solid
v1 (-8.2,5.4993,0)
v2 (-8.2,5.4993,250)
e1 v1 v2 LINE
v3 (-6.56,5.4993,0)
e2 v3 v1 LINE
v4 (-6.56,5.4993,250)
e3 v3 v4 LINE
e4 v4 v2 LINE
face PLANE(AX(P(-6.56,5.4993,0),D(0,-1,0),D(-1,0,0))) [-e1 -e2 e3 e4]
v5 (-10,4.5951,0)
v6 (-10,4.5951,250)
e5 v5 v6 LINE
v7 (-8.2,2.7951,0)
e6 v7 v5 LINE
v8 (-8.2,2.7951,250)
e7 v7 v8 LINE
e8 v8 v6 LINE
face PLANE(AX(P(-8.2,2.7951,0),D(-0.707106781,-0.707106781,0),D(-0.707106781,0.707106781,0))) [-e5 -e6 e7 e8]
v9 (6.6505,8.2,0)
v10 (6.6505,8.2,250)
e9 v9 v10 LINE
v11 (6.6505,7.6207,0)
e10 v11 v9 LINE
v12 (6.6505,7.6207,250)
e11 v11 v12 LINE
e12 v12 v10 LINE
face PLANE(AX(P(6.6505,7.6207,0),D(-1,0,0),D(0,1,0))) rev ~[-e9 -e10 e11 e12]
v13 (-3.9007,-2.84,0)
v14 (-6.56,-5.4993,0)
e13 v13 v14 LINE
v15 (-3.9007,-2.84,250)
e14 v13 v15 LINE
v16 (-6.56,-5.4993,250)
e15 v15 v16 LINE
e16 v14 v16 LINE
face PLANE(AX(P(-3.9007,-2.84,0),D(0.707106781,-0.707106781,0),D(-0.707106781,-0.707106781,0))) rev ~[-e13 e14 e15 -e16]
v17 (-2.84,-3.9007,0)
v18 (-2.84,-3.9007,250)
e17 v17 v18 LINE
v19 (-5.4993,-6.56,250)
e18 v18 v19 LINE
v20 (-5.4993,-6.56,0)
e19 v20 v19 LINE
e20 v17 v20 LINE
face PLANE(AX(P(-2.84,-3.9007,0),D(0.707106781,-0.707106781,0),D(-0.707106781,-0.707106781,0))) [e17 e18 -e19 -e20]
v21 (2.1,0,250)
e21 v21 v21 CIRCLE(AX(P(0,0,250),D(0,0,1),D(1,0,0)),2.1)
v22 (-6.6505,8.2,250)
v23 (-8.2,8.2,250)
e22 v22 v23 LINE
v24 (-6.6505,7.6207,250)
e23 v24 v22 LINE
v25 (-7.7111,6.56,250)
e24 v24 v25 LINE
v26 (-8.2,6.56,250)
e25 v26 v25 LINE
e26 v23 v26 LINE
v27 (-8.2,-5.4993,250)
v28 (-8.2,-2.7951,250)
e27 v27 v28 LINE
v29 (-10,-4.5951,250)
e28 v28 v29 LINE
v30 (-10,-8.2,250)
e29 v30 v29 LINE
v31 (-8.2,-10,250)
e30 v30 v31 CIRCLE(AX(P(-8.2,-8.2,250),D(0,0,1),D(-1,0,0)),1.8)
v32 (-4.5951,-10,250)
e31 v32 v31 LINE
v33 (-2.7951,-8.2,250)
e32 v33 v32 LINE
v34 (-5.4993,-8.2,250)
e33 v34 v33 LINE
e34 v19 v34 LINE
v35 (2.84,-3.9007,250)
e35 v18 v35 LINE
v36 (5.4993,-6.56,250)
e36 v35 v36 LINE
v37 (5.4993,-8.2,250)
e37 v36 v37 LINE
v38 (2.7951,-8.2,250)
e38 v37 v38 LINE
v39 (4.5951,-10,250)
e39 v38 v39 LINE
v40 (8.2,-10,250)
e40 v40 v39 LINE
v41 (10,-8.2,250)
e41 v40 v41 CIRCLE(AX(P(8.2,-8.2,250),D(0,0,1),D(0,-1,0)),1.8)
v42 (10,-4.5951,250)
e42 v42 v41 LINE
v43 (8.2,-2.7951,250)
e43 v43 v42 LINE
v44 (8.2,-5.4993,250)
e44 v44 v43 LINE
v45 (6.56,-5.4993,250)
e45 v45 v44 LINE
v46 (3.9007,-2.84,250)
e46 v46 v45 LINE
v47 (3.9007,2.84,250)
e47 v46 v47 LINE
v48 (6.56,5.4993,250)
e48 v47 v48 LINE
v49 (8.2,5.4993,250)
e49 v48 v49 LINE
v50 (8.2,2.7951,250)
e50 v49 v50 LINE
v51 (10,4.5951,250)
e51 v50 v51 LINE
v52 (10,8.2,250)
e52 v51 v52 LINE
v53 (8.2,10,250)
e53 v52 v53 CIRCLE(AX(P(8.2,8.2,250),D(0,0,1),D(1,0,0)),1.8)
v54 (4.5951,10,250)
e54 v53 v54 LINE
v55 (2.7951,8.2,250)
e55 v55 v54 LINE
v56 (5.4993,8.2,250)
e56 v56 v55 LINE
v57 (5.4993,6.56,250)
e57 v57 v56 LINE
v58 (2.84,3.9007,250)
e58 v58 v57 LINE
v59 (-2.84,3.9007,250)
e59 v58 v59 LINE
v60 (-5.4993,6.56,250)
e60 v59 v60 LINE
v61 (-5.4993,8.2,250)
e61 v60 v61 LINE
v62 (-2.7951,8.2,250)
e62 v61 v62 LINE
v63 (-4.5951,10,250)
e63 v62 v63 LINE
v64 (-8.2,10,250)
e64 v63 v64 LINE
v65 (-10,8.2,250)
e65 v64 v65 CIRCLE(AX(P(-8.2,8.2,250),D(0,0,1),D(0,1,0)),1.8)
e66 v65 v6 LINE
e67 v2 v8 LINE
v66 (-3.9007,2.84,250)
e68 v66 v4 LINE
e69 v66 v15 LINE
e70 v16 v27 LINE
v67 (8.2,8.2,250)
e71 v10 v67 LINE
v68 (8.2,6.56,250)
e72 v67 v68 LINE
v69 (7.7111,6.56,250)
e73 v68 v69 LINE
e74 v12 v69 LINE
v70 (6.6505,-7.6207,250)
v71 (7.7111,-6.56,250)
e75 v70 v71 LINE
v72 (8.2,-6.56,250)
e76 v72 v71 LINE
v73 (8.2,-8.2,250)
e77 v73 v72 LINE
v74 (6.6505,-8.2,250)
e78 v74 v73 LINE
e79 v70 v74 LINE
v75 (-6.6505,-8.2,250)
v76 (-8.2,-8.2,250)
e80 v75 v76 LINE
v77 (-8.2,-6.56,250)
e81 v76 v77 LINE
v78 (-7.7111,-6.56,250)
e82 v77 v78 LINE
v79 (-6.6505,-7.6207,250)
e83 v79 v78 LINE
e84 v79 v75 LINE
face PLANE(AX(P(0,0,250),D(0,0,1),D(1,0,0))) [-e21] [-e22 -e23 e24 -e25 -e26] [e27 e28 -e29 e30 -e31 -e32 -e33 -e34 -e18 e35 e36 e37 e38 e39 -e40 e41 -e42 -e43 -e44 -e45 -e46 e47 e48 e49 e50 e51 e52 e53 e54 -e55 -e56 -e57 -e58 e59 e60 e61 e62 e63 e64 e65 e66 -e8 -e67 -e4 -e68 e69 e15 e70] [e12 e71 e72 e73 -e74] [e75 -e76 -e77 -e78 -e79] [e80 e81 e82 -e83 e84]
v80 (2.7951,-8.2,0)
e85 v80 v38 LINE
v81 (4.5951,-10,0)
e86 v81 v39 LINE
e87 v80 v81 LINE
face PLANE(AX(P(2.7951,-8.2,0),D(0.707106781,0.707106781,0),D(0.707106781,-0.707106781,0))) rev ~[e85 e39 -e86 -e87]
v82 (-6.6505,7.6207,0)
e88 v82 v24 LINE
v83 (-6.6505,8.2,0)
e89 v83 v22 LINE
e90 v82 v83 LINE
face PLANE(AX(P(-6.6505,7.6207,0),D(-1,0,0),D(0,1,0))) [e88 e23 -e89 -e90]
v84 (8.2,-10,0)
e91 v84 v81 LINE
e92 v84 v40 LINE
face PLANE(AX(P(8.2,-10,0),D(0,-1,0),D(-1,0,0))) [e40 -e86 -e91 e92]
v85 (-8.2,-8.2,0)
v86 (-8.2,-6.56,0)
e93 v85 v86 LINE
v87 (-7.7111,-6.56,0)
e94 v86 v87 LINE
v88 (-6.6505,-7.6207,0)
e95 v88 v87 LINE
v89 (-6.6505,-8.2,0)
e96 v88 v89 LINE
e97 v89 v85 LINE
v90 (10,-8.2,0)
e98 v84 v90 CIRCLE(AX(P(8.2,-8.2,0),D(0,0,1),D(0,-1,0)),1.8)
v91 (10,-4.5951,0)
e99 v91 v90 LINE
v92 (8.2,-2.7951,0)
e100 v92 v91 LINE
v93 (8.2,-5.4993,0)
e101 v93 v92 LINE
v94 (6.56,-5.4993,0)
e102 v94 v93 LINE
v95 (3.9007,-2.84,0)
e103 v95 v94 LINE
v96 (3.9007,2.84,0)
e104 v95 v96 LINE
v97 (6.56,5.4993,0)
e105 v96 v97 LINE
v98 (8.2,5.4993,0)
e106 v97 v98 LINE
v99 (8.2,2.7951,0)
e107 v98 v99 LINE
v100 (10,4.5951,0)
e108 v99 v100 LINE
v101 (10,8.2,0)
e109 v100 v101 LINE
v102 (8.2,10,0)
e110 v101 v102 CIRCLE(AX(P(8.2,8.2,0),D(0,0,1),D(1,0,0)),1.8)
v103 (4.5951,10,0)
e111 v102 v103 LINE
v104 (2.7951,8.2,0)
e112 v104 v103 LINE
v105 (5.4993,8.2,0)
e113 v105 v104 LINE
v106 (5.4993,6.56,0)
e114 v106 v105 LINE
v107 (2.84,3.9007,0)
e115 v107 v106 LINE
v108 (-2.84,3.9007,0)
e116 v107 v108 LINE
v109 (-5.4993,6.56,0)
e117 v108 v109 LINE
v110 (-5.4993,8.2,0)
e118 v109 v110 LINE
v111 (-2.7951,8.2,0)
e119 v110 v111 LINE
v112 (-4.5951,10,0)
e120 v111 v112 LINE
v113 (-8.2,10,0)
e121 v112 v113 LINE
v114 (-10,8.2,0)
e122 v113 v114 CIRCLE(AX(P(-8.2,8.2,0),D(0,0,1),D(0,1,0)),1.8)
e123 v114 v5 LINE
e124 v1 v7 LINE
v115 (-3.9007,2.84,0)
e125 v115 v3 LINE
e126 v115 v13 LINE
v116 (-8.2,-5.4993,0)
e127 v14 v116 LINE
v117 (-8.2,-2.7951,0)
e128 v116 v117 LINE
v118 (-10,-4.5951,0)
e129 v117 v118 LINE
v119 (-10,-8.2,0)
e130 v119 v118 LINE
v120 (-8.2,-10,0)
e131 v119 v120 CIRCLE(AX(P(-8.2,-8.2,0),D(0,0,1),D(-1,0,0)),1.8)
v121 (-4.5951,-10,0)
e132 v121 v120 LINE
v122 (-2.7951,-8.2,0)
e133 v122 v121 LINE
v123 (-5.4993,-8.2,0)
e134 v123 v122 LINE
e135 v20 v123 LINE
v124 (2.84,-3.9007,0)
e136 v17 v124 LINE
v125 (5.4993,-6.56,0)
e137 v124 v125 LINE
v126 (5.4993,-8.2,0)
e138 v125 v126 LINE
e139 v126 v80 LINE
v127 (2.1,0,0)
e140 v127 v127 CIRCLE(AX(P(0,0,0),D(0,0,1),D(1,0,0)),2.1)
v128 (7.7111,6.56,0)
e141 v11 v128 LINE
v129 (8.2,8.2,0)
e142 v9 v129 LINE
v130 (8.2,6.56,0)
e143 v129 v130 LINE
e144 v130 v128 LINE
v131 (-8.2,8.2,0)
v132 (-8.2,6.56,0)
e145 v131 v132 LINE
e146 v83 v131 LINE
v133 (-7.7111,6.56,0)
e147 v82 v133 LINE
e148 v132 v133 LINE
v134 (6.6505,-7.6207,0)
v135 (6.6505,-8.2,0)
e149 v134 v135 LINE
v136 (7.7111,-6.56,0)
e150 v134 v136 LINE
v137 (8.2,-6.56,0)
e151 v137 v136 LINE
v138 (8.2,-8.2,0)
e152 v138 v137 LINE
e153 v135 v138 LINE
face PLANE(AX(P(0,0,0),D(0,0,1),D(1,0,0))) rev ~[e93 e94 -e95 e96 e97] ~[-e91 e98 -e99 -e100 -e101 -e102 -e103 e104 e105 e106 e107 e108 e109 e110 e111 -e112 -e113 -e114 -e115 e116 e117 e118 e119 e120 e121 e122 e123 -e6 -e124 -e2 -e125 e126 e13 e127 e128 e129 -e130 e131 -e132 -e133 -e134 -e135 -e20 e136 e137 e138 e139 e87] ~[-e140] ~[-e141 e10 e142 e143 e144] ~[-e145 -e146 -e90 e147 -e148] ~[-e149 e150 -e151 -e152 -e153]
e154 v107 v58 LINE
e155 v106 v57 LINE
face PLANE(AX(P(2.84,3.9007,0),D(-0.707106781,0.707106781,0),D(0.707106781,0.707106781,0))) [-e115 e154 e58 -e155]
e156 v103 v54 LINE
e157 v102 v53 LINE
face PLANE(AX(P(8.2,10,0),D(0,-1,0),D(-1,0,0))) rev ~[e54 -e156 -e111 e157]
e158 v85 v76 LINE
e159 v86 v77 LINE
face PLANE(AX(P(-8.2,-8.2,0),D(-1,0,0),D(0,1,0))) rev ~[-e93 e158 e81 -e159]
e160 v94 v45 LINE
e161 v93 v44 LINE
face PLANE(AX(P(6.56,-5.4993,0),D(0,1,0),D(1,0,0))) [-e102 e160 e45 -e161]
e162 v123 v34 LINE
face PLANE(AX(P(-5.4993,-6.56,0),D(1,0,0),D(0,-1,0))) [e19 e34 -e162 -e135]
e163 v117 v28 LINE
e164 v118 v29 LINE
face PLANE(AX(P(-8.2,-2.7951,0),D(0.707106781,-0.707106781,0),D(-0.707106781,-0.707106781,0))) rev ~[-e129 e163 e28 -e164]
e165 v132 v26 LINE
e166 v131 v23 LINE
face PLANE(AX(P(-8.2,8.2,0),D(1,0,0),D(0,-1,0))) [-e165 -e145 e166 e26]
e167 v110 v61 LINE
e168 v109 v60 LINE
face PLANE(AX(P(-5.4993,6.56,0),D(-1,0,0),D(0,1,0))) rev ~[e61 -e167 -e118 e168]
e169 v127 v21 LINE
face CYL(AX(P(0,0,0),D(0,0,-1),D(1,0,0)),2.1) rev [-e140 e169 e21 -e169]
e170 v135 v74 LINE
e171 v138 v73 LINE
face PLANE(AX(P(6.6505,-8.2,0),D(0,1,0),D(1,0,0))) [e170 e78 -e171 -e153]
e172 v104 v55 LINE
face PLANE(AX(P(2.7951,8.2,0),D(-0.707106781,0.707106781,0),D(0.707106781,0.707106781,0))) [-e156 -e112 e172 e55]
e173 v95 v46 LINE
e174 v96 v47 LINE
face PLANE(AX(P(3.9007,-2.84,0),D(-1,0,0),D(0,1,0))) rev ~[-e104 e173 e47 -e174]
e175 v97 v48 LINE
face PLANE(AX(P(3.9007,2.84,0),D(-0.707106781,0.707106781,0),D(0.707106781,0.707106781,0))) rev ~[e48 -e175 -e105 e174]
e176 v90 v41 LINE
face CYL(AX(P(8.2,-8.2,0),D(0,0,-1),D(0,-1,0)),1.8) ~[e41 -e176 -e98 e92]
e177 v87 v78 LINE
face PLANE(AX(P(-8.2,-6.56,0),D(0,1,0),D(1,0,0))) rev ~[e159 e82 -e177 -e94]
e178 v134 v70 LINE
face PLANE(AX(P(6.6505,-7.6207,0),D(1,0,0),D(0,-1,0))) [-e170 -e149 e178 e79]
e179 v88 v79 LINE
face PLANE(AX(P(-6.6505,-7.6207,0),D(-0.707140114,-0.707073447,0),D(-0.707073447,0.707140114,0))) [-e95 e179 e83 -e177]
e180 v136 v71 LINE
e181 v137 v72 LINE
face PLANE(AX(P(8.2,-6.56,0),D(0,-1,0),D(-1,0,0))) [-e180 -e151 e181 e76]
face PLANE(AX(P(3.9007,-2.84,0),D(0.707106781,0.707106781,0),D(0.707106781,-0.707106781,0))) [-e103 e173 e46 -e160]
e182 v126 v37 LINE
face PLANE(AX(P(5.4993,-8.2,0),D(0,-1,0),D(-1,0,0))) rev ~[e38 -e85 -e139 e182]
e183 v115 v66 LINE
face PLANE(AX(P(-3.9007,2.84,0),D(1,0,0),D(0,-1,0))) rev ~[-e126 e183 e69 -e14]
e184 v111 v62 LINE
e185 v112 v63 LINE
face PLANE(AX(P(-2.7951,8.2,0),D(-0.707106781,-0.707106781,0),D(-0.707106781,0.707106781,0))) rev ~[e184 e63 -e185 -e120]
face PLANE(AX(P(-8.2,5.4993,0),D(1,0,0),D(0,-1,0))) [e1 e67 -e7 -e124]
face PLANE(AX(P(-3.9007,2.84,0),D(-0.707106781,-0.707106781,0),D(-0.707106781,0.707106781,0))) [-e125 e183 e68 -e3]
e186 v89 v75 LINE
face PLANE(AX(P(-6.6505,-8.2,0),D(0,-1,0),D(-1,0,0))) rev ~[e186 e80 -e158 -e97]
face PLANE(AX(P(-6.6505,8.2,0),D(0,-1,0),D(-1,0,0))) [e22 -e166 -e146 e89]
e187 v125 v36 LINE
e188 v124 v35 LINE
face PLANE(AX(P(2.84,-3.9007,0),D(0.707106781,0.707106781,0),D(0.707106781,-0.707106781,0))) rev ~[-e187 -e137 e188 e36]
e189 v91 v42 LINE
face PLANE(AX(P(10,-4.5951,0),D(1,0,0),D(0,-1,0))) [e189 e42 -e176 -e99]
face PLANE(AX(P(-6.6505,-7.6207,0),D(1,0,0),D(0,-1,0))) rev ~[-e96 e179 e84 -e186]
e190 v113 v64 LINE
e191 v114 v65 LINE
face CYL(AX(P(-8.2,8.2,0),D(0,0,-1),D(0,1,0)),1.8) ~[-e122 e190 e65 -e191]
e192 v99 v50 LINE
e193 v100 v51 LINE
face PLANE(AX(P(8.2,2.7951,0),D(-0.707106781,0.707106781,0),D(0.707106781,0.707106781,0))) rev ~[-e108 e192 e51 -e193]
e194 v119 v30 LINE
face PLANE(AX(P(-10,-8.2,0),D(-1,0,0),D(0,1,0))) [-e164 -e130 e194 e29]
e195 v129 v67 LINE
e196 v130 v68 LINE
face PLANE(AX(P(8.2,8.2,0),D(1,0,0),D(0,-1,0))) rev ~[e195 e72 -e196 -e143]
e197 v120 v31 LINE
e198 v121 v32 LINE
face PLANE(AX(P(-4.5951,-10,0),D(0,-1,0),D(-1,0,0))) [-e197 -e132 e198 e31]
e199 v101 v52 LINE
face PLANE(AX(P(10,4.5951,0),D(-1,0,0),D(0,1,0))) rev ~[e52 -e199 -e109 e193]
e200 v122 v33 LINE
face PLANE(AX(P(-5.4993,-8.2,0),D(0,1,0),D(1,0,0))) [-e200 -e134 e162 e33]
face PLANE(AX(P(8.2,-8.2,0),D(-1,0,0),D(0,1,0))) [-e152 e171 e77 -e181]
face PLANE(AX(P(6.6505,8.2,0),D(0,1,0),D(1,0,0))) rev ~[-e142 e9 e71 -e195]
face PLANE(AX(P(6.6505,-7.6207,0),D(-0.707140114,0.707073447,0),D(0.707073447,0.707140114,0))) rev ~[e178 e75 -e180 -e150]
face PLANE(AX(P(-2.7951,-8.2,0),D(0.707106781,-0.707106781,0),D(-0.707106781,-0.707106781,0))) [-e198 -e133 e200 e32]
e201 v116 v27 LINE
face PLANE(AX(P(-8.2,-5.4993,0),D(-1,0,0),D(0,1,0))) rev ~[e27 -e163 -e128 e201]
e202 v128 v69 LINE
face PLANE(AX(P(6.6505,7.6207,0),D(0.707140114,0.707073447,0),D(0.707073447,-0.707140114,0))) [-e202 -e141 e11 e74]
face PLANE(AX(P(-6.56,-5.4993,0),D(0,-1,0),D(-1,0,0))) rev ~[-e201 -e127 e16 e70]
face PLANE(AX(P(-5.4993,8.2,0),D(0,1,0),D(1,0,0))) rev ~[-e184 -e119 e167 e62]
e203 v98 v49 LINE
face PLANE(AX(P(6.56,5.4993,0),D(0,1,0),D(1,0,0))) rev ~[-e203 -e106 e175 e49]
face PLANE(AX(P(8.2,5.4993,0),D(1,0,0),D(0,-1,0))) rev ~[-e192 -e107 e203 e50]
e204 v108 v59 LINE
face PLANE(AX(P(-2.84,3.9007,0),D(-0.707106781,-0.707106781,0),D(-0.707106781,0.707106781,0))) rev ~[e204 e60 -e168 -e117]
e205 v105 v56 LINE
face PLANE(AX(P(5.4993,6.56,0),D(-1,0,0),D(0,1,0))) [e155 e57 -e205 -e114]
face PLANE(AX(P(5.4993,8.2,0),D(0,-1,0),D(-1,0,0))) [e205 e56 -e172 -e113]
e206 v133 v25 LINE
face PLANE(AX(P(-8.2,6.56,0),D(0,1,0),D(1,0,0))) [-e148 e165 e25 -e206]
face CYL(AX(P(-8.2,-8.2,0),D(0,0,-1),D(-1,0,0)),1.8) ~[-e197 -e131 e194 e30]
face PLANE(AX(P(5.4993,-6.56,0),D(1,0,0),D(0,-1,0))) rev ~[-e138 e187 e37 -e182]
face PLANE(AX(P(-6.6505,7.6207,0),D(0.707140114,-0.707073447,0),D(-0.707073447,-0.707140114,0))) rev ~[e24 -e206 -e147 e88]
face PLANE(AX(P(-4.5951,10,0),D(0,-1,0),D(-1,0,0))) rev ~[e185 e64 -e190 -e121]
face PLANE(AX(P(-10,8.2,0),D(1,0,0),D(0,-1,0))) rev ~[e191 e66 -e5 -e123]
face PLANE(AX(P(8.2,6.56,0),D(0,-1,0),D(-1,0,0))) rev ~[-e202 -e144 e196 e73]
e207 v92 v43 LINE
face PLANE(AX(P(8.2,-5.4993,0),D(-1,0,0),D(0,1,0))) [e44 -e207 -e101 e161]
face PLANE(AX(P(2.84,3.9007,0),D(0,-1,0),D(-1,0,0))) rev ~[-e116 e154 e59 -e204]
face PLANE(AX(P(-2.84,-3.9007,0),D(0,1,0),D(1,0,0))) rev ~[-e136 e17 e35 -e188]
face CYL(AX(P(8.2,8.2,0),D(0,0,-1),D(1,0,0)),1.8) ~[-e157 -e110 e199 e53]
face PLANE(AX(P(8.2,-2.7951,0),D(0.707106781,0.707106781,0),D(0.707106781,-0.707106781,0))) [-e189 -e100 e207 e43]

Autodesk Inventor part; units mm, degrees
ref_plane "YZ Plane" through (0, 0, 0) normal (1, 0, 0) x (0, 1, 0)
sketch "Sketch1" plane through (0, 0, 0) normal (0, 0, 1) x (1, 0, 0)
  line L0 (10, -4.5951) -> (10, -8.2)
  line L1 (-10, -8.2) -> (-10, -4.5951)
  line L2 (-10, 10) -> (10, -10) construction
  line L3 (10, 10) -> (-10, -10) construction
  circle A0 centre (0, 0) radius 2.1
  line L4 (-2.84, -3.9007) -> (2.84, -3.9007)
  line L5 (3.9007, -2.84) -> (3.9007, 2.84)
  line L6 (2.84, 3.9007) -> (-2.84, 3.9007)
  line L7 (-3.9007, 2.84) -> (-3.9007, -2.84)
  line L8 (-3.9007, -3.9007) -> (3.9007, 3.9007) construction
  line L9 (3.9007, -3.9007) -> (-3.9007, 3.9007) construction
  line L10 (-3.9007, -2.84) -> (-2.84, -3.9007) construction
  line L11 (-2.84, -3.9007) -> (-5.4993, -6.56)
  line L12 (-5.4993, -6.56) -> (-5.4993, -8.2)
  line L13 (-5.4993, -8.2) -> (-2.7951, -8.2)
  line L14 (-2.7951, -8.2) -> (-4.5951, -10)
  line L15 (0, 0) -> (0, -3.9007) construction
  line L16 (3.9007, -2.84) -> (2.84, -3.9007) construction
  line L17 (2.84, -3.9007) -> (5.4993, -6.56)
  line L18 (5.4993, -6.56) -> (5.4993, -8.2)
  line L19 (5.4993, -8.2) -> (2.7951, -8.2)
  line L20 (2.7951, -8.2) -> (4.5951, -10)
  line L21 (-2.84, -3.9007) -> (-3.9007, -2.84) construction
  line L22 (-3.9007, -2.84) -> (-6.56, -5.4993)
  line L23 (-6.56, -5.4993) -> (-8.2, -5.4993)
  line L24 (-8.2, -5.4993) -> (-8.2, -2.7951)
  line L25 (-8.2, -2.7951) -> (-10, -4.5951)
  line L26 (3.9007, -2.84) -> (6.56, -5.4993)
  line L27 (6.56, -5.4993) -> (8.2, -5.4993)
  line L28 (8.2, -5.4993) -> (8.2, -2.7951)
  line L29 (8.2, -2.7951) -> (10, -4.5951)
  arc A1 (-10, -8.2) -> (-8.2, -10) centre (-8.2, -8.2) ccw
  arc A2 (8.2, -10) -> (10, -8.2) centre (8.2, -8.2) ccw
  line L30 (-8.2, -6.56) -> (-7.7111, -6.56)
  line L31 (-6.6505, -8.2) -> (-8.2, -8.2)
  line L32 (-8.2, -8.2) -> (-8.2, -6.56)
  line L33 (-6.6505, -7.6207) -> (-7.7111, -6.56)
  line L34 (-6.6505, -7.6207) -> (-6.6505, -8.2)
  line L35 (8.2, -6.56) -> (7.7111, -6.56)
  line L36 (6.6505, -8.2) -> (8.2, -8.2)
  line L37 (8.2, -8.2) -> (8.2, -6.56)
  line L38 (6.6505, -7.6207) -> (7.7111, -6.56)
  line L39 (6.6505, -7.6207) -> (6.6505, -8.2)
  line L40 (8.2, -10) -> (4.5951, -10)
  line L41 (-4.5951, -10) -> (-8.2, -10)
  line L42 (-3.9007, 0) -> (3.9007, 0) construction
  line L43 (10, 4.5951) -> (10, 8.2)
  line L44 (-10, 8.2) -> (-10, 4.5951)
  line L45 (-2.84, 3.9007) -> (2.84, 3.9007)
  line L46 (-3.9007, 2.84) -> (-2.84, 3.9007) construction
  line L47 (-2.84, 3.9007) -> (-5.4993, 6.56)
  line L48 (-5.4993, 6.56) -> (-5.4993, 8.2)
  line L49 (-5.4993, 8.2) -> (-2.7951, 8.2)
  line L50 (-2.7951, 8.2) -> (-4.5951, 10)
  line L51 (2.84, 3.9007) -> (5.4993, 6.56)
  line L52 (5.4993, 6.56) -> (5.4993, 8.2)
  line L53 (5.4993, 8.2) -> (2.7951, 8.2)
  line L54 (2.7951, 8.2) -> (4.5951, 10)
  line L55 (3.9007, 2.84) -> (2.84, 3.9007) construction
  line L56 (-8.2, 2.7951) -> (-10, 4.5951)
  line L57 (-2.84, 3.9007) -> (-3.9007, 2.84) construction
  line L58 (-3.9007, 2.84) -> (-6.56, 5.4993)
  line L59 (-6.56, 5.4993) -> (-8.2, 5.4993)
  line L60 (-8.2, 5.4993) -> (-8.2, 2.7951)
  line L61 (3.9007, 2.84) -> (6.56, 5.4993)
  line L62 (6.56, 5.4993) -> (8.2, 5.4993)
  line L63 (8.2, 5.4993) -> (8.2, 2.7951)
  line L64 (8.2, 2.7951) -> (10, 4.5951)
  arc A3 (-8.2, 10) -> (-10, 8.2) centre (-8.2, 8.2) ccw
  arc A4 (10, 8.2) -> (8.2, 10) centre (8.2, 8.2) ccw
  line L65 (-8.2, 6.56) -> (-7.7111, 6.56)
  line L66 (-6.6505, 8.2) -> (-8.2, 8.2)
  line L67 (-8.2, 8.2) -> (-8.2, 6.56)
  line L68 (-6.6505, 7.6207) -> (-7.7111, 6.56)
  line L69 (-6.6505, 7.6207) -> (-6.6505, 8.2)
  line L70 (8.2, 6.56) -> (7.7111, 6.56)
  line L71 (6.6505, 7.6207) -> (7.7111, 6.56)
  line L72 (8.2, 8.2) -> (8.2, 6.56)
  line L73 (6.6505, 7.6207) -> (6.6505, 8.2)
  line L74 (6.6505, 8.2) -> (8.2, 8.2)
  line L75 (8.2, 10) -> (4.5951, 10)
  line L76 (-4.5951, 10) -> (-8.2, 10)
  line L77 (-8.2, 10) -> (-4.5951, 10)
  line L78 (4.5951, 10) -> (8.2, 10)
  point P0 (8.2, -8.2)
  point P1 (0, 3.9007)
  point P2 (8.2, 8.2)
  point P3 (0, 2.1)
  point P4 (1.4849, 1.4849)
  point P5 (0, 2.1)
  point P6 (0, 10)
  dimension "Width" = 20
  dimension "Height" = 20
  dimension "d2" = 4.2
  dimension "d3" = 1.5
  dimension "d4" = 1.64
  dimension "d6" = 5.68
  dimension "d7" = 1.8
  dimension "d9" = 1.5
ref_plane "Start Plane" through (0, 0, 0) normal (0, 0, 1) x (1, 0, 0)
ref_plane "End Plane" through (0, 0, 20) normal (0, 0, 1) x (1, 0, 0)
sketch "Sketch4" plane through (0, 0, 0) normal (0, 0, 1) x (1, 0, 0)
  line L0 (0, 0) -> (10, 0)
ref_plane "Work Plane4" through (0, 0, 0) normal (0, -1, 0) x (1, 0, 0)
sketch "Sketch5" plane through (0, 0, 0) normal (0, -1, 0) x (1, 0, 0)
  line L0 (-2, 0) -> (12, 0) construction
  line L1 (-2, 20) -> (12, 20) construction
  dimension "d17" = 20
extrude "Extrusion3" add sketch "Sketch1" along normal blind 250
equation "\"G_OFFSET_START\" = 0"
equation "\"G_OFFSET_END\" = 0"
equation "\"G_L\" = d17"
properties part number "V-slot 20 mm x 20 mm" material "Aluminum 6061"
